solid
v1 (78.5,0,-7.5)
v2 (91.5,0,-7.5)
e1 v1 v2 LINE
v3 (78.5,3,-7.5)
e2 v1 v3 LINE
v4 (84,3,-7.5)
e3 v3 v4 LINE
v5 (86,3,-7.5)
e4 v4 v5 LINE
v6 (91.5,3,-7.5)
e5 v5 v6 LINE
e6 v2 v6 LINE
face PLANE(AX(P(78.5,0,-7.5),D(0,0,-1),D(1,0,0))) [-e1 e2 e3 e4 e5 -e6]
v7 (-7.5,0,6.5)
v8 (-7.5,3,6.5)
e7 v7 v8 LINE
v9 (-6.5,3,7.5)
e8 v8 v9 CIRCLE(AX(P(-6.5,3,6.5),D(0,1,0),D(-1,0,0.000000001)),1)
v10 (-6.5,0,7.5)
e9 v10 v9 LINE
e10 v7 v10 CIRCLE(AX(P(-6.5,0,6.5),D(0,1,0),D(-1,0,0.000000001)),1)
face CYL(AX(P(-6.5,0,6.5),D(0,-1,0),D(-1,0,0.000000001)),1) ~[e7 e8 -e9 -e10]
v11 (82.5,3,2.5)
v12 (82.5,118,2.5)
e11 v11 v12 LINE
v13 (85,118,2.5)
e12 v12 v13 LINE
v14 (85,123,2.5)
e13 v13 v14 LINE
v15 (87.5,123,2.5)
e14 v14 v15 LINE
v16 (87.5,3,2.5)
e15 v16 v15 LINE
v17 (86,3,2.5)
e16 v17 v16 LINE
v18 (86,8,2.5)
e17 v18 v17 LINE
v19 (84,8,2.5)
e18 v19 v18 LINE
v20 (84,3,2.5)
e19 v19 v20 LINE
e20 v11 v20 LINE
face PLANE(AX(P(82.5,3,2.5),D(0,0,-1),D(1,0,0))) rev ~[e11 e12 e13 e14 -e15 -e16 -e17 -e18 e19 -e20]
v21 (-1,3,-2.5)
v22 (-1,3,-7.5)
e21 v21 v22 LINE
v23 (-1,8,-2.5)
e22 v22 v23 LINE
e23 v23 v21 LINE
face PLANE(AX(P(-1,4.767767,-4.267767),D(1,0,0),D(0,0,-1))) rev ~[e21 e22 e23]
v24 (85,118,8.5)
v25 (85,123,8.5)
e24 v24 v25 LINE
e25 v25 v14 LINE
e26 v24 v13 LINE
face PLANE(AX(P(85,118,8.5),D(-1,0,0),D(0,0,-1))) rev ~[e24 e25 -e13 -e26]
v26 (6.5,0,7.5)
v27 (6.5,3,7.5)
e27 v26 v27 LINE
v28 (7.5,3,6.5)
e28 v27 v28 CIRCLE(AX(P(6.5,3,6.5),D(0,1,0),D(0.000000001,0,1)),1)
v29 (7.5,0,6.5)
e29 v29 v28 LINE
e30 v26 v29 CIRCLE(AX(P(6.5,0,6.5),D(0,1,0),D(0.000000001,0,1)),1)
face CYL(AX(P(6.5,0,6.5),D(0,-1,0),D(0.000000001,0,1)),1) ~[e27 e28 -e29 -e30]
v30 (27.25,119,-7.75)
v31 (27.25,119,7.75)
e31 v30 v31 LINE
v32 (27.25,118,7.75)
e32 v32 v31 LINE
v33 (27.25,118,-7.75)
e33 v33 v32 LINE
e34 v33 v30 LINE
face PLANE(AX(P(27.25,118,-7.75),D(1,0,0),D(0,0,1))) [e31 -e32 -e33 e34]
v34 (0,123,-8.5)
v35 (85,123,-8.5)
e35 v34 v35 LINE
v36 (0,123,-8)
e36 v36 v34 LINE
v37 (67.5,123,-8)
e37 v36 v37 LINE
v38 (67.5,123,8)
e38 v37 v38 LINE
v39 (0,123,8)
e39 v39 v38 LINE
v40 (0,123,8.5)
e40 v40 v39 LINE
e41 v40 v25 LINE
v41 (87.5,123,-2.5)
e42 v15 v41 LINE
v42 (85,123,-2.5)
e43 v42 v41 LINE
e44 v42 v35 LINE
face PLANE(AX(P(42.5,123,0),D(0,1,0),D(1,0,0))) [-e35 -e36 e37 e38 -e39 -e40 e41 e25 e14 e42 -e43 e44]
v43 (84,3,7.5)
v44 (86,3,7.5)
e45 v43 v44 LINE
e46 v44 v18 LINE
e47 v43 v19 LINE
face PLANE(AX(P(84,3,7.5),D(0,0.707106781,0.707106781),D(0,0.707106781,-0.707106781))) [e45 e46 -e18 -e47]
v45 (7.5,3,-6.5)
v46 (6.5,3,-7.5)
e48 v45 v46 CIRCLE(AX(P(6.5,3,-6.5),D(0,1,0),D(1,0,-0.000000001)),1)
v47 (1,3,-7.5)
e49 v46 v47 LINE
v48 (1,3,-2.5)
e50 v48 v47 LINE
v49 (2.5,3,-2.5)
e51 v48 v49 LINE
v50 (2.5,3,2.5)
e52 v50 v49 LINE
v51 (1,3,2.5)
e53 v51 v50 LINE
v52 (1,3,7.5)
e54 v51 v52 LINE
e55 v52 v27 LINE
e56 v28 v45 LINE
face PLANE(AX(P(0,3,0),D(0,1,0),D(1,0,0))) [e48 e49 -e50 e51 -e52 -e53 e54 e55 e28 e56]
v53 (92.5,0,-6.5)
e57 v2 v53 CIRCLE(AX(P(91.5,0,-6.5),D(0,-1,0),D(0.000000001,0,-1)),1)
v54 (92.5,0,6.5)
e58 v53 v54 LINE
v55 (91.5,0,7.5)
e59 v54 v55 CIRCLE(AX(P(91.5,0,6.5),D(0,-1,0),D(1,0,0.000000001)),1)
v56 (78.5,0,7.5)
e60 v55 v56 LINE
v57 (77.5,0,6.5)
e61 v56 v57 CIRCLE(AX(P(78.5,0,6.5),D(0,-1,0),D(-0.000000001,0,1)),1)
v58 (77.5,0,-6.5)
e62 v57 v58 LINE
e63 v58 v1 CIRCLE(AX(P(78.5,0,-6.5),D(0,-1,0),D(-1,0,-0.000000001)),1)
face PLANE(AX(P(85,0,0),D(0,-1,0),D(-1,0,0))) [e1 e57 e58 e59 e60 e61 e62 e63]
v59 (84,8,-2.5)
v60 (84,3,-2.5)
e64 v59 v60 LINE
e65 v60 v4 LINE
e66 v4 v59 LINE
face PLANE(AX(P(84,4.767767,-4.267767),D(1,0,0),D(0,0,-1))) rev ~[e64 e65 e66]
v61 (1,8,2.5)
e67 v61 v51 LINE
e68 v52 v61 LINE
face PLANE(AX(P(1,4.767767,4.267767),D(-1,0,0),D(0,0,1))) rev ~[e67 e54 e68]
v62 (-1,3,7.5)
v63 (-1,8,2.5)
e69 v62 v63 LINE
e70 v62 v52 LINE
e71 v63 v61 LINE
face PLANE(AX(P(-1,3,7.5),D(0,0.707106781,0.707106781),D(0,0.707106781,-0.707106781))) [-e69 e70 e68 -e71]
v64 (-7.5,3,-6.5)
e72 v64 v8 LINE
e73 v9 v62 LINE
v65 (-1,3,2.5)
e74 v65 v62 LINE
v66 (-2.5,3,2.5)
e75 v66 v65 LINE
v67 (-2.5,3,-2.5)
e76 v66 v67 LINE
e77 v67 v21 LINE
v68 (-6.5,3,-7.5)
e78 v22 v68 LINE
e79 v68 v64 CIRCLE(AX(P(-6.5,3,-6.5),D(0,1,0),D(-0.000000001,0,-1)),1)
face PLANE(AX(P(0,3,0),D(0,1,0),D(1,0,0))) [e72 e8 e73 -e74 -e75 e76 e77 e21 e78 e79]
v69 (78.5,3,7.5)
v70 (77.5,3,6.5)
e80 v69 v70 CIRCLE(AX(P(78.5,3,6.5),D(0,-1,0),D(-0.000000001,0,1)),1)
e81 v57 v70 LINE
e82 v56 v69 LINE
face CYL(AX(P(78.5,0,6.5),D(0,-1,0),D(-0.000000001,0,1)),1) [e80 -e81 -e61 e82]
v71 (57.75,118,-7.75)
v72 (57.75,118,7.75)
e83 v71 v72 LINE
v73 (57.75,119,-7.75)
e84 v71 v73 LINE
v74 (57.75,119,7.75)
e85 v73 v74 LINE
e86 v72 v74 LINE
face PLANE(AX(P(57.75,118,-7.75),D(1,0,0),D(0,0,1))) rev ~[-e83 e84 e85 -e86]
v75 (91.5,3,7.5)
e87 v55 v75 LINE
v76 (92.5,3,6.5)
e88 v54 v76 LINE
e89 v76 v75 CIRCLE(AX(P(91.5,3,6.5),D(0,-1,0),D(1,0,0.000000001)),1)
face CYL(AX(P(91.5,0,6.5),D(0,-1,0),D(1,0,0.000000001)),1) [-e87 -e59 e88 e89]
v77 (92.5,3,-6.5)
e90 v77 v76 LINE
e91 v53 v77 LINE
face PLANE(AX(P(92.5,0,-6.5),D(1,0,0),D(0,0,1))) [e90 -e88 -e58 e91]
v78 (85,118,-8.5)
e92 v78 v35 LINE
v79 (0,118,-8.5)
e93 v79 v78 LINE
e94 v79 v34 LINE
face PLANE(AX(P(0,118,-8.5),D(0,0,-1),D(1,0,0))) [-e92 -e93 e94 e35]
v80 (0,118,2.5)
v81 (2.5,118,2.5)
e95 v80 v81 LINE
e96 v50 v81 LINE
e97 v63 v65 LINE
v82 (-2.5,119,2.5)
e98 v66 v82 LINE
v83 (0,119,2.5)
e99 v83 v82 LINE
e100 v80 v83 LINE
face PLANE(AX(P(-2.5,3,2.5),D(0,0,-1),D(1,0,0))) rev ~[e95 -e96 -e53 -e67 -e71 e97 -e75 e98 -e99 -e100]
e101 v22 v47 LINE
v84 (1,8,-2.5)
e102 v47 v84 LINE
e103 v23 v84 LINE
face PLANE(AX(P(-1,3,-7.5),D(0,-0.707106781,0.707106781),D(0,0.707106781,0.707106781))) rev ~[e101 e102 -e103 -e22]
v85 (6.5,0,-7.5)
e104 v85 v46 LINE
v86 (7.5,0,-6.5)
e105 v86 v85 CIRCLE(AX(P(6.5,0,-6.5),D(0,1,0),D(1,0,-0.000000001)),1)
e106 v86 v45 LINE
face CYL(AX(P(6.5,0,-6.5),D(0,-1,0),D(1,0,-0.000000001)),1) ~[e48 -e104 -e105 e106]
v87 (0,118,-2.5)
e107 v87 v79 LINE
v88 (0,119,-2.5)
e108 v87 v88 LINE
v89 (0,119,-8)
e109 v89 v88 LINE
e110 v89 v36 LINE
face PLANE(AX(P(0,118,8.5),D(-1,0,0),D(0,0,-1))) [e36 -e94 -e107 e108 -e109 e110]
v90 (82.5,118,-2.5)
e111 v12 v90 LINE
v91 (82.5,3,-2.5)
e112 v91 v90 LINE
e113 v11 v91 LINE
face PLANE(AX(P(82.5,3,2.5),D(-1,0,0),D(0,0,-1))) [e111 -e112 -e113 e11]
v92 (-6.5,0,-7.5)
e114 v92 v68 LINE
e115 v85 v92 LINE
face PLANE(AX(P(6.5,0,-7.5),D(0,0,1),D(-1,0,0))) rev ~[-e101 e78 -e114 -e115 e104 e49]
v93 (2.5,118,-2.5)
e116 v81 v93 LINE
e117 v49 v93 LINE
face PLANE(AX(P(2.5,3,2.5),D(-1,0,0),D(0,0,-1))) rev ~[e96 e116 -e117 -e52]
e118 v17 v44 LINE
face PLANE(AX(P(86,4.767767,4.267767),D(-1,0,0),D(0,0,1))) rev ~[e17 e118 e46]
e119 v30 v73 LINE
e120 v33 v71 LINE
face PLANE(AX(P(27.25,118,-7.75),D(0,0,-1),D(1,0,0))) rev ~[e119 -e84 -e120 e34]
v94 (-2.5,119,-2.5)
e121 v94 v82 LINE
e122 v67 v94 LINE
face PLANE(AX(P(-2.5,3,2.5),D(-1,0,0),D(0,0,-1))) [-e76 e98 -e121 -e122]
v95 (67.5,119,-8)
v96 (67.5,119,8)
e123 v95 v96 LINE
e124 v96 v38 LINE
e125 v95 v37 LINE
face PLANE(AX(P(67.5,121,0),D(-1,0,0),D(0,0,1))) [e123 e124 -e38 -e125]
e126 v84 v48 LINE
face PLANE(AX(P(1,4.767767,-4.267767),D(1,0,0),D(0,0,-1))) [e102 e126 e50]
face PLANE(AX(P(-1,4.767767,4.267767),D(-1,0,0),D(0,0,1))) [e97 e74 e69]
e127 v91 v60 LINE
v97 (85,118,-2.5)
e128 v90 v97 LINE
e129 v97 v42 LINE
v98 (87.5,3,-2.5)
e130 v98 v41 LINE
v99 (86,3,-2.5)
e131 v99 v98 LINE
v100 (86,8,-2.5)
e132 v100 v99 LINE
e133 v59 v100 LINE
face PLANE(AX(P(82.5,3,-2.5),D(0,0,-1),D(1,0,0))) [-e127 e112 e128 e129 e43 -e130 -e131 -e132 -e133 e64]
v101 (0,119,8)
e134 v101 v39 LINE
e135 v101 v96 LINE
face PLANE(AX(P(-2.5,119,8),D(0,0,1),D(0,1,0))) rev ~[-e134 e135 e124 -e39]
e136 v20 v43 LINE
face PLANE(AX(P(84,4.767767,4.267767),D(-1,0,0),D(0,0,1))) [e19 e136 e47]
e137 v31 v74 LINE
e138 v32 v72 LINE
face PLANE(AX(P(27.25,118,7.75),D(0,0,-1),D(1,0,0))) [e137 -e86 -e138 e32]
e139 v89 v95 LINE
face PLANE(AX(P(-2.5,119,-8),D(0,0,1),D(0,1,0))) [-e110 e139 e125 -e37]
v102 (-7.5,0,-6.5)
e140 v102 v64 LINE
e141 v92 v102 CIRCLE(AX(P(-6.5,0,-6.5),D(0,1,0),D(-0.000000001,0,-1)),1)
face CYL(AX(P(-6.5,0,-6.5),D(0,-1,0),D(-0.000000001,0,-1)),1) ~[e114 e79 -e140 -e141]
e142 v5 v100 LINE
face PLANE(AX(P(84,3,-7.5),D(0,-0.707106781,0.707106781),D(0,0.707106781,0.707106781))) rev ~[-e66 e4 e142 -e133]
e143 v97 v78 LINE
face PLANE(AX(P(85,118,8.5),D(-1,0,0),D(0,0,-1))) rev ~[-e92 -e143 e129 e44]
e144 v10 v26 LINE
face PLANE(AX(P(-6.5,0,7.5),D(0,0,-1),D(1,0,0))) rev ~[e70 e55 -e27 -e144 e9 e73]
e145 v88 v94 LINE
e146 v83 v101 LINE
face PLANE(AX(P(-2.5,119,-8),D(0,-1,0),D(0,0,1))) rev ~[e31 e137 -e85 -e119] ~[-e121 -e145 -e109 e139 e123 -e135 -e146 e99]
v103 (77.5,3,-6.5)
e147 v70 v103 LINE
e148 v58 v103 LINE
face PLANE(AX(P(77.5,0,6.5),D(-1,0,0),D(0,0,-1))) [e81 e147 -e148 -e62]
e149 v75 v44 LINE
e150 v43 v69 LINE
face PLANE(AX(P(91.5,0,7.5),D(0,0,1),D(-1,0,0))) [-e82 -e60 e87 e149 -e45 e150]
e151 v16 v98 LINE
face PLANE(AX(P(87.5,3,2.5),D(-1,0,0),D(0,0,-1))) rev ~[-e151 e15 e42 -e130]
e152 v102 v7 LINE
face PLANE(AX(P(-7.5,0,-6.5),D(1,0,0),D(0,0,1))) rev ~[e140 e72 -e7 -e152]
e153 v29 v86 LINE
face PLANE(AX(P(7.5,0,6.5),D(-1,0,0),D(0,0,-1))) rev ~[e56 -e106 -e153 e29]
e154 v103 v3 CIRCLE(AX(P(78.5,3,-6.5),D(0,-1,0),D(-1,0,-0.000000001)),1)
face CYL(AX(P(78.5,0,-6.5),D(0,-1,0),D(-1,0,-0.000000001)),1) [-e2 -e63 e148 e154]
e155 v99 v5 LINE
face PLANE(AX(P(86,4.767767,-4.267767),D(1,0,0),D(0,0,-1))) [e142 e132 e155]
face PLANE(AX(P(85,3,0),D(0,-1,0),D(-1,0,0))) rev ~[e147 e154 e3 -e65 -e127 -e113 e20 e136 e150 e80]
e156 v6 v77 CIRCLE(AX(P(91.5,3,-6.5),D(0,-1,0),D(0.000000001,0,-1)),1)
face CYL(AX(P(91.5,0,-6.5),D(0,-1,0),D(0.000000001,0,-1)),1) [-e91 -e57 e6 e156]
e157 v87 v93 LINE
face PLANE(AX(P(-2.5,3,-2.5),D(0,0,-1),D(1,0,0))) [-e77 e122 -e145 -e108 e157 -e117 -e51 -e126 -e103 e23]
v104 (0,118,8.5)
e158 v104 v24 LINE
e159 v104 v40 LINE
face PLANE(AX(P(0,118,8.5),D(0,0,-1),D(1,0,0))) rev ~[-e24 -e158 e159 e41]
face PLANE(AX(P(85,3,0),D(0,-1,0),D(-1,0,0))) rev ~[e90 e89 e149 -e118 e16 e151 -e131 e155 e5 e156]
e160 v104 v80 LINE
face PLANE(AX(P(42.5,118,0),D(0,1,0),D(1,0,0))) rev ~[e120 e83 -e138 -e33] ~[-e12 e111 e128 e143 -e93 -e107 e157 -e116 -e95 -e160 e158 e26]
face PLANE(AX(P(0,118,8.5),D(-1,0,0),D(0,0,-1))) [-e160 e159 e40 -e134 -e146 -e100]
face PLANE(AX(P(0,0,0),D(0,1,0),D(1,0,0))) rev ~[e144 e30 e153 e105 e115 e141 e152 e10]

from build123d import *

# Parameters (mm, degrees)
SALIENTE_EXTRUIR1_DEPTH      = 3
SALIENTE_EXTRUIR1_2_DEPTH    = 3
SALIENTE_EXTRUIR2_DEPTH      = 1
SALIENTE_EXTRUIR2_DEPTH_BACK = 1
CROQUIS3_W                   = 5
CROQUIS3_H                   = 5
SALIENTE_EXTRUIR3_DEPTH      = 120
SALIENTE_EXTRUIR4_DEPTH      = 1
SALIENTE_EXTRUIR4_DEPTH_BACK = 1
CROQUIS7_W                   = 5
CROQUIS7_H                   = 5
SALIENTE_EXTRUIR6_DEPTH      = 120
CROQUIS8_W                   = 85
CROQUIS8_H                   = 17
SALIENTE_EXTRUIR7_DEPTH      = 5
CROQUIS9_W                   = 16
CROQUIS9_H                   = 4
CORTAR_EXTRUIR1_DEPTH        = 70
CROQUIS10_W                  = 30.5
CROQUIS10_H                  = 15.5
CORTAR_EXTRUIR2_DEPTH        = 2


with BuildPart() as part:
    # Croquis1 → Saliente-Extruir1 (new body)
    with BuildSketch(Plane(origin=(0, 0, 0), x_dir=(1, 0, 0), z_dir=(0, 1, 0))):
        with BuildLine():
            Line((-6.5, -7.5), (6.5, -7.5))
            ThreePointArc((6.5, -7.5), (7.207106781, -7.207106781), (7.5, -6.5))
            Line((7.5, -6.5), (7.5, 6.5))
            ThreePointArc((7.5, 6.5), (7.207106781, 7.207106781), (6.5, 7.5))
            Line((6.5, 7.5), (-6.5, 7.5))
            ThreePointArc((-6.5, 7.5), (-7.207106781, 7.207106781), (-7.5, 6.5))
            Line((-7.5, 6.5), (-7.5, -6.5))
            ThreePointArc((-7.5, -6.5), (-7.207106781, -7.207106781), (-6.5, -7.5))
        make_face()
    extrude(amount=SALIENTE_EXTRUIR1_DEPTH)

    # Croquis2 → Saliente-Extruir2 (add, two sides: drawn at the far end of the back side and taken through both)
    with BuildSketch(Plane(origin=(0, 0, 0), x_dir=(0, 0, -1), z_dir=(1, 0, 0)).offset(-SALIENTE_EXTRUIR2_DEPTH_BACK)):
        Polygon((-7.5, 3), (-2.5, 8), (-2.5, 3), align=None)
        Polygon((2.5, 3), (7.5, 3), (2.5, 8), align=None)
    extrude(amount=SALIENTE_EXTRUIR2_DEPTH + SALIENTE_EXTRUIR2_DEPTH_BACK)

    # Croquis3 → Saliente-Extruir3 (add)
    with BuildSketch(Plane(origin=(0, 3, 0), x_dir=(1, 0, 0), z_dir=(0, 1, 0))):
        Rectangle(CROQUIS3_W, CROQUIS3_H)
    extrude(amount=SALIENTE_EXTRUIR3_DEPTH)



with BuildPart() as body_2:
    # Croquis1 → Saliente-Extruir1 2 (new body)
    with BuildSketch(Plane(origin=(0, 0, 0), x_dir=(1, 0, 0), z_dir=(0, 1, 0))):
        with BuildLine():
            Line((77.5, -6.5), (77.5, 6.5))
            ThreePointArc((77.5, 6.5), (77.792893219, 7.207106781), (78.5, 7.5))
            Line((78.5, 7.5), (91.5, 7.5))
            ThreePointArc((91.5, 7.5), (92.207106781, 7.207106781), (92.5, 6.5))
            Line((92.5, 6.5), (92.5, -6.5))
            ThreePointArc((92.5, -6.5), (92.207106781, -7.207106781), (91.5, -7.5))
            Line((91.5, -7.5), (78.5, -7.5))
            ThreePointArc((78.5, -7.5), (77.792893219, -7.207106781), (77.5, -6.5))
        make_face()
    extrude(amount=SALIENTE_EXTRUIR1_2_DEPTH)

    # Croquis5 → Saliente-Extruir4 (add, two sides: drawn at the far end of the back side and taken through both)
    with BuildSketch(Plane(origin=(85, 0, 0), x_dir=(0, 0, -1), z_dir=(1, 0, 0)).offset(-SALIENTE_EXTRUIR4_DEPTH_BACK)):
        Polygon((-7.5, 3), (-2.5, 8), (-2.5, 3), align=None)
        Polygon((2.5, 8), (2.5, 3), (7.5, 3), align=None)
    extrude(amount=SALIENTE_EXTRUIR4_DEPTH + SALIENTE_EXTRUIR4_DEPTH_BACK)

    # Croquis7 → Saliente-Extruir6 (add)
    with BuildSketch(Plane(origin=(0, 3, 0), x_dir=(1, 0, 0), z_dir=(0, 1, 0))):
        with Locations((85, 0)):
            Rectangle(CROQUIS7_W, CROQUIS7_H)
    extrude(amount=SALIENTE_EXTRUIR6_DEPTH)


with BuildPart() as part_1:
    add(part.part)

    add(body_2.part)  # Saliente-Extruir7 merges body 2
    # Croquis8 → Saliente-Extruir7 (add)
    with BuildSketch(Plane(origin=(0, 118, 0), x_dir=(1, 0, 0), z_dir=(0, 1, 0))):
        with Locations((42.5, 0)):
            Rectangle(CROQUIS8_W, CROQUIS8_H)
    extrude(amount=SALIENTE_EXTRUIR7_DEPTH)

    # Croquis9 → Cortar-Extruir1 (cut)
    with BuildSketch(Plane.ZY.offset(2.5)):
        with Locations((0, 121)):
            Rectangle(CROQUIS9_W, CROQUIS9_H)
    extrude(amount=-CORTAR_EXTRUIR1_DEPTH, mode=Mode.SUBTRACT)

    # Croquis10 → Cortar-Extruir2 (cut)
    with BuildSketch(Plane.XZ.offset(-118)):
        with Locations((42.5, 0)):
            Rectangle(CROQUIS10_W, CROQUIS10_H)
    extrude(amount=-CORTAR_EXTRUIR2_DEPTH, mode=Mode.SUBTRACT)


solid = part_1.part
